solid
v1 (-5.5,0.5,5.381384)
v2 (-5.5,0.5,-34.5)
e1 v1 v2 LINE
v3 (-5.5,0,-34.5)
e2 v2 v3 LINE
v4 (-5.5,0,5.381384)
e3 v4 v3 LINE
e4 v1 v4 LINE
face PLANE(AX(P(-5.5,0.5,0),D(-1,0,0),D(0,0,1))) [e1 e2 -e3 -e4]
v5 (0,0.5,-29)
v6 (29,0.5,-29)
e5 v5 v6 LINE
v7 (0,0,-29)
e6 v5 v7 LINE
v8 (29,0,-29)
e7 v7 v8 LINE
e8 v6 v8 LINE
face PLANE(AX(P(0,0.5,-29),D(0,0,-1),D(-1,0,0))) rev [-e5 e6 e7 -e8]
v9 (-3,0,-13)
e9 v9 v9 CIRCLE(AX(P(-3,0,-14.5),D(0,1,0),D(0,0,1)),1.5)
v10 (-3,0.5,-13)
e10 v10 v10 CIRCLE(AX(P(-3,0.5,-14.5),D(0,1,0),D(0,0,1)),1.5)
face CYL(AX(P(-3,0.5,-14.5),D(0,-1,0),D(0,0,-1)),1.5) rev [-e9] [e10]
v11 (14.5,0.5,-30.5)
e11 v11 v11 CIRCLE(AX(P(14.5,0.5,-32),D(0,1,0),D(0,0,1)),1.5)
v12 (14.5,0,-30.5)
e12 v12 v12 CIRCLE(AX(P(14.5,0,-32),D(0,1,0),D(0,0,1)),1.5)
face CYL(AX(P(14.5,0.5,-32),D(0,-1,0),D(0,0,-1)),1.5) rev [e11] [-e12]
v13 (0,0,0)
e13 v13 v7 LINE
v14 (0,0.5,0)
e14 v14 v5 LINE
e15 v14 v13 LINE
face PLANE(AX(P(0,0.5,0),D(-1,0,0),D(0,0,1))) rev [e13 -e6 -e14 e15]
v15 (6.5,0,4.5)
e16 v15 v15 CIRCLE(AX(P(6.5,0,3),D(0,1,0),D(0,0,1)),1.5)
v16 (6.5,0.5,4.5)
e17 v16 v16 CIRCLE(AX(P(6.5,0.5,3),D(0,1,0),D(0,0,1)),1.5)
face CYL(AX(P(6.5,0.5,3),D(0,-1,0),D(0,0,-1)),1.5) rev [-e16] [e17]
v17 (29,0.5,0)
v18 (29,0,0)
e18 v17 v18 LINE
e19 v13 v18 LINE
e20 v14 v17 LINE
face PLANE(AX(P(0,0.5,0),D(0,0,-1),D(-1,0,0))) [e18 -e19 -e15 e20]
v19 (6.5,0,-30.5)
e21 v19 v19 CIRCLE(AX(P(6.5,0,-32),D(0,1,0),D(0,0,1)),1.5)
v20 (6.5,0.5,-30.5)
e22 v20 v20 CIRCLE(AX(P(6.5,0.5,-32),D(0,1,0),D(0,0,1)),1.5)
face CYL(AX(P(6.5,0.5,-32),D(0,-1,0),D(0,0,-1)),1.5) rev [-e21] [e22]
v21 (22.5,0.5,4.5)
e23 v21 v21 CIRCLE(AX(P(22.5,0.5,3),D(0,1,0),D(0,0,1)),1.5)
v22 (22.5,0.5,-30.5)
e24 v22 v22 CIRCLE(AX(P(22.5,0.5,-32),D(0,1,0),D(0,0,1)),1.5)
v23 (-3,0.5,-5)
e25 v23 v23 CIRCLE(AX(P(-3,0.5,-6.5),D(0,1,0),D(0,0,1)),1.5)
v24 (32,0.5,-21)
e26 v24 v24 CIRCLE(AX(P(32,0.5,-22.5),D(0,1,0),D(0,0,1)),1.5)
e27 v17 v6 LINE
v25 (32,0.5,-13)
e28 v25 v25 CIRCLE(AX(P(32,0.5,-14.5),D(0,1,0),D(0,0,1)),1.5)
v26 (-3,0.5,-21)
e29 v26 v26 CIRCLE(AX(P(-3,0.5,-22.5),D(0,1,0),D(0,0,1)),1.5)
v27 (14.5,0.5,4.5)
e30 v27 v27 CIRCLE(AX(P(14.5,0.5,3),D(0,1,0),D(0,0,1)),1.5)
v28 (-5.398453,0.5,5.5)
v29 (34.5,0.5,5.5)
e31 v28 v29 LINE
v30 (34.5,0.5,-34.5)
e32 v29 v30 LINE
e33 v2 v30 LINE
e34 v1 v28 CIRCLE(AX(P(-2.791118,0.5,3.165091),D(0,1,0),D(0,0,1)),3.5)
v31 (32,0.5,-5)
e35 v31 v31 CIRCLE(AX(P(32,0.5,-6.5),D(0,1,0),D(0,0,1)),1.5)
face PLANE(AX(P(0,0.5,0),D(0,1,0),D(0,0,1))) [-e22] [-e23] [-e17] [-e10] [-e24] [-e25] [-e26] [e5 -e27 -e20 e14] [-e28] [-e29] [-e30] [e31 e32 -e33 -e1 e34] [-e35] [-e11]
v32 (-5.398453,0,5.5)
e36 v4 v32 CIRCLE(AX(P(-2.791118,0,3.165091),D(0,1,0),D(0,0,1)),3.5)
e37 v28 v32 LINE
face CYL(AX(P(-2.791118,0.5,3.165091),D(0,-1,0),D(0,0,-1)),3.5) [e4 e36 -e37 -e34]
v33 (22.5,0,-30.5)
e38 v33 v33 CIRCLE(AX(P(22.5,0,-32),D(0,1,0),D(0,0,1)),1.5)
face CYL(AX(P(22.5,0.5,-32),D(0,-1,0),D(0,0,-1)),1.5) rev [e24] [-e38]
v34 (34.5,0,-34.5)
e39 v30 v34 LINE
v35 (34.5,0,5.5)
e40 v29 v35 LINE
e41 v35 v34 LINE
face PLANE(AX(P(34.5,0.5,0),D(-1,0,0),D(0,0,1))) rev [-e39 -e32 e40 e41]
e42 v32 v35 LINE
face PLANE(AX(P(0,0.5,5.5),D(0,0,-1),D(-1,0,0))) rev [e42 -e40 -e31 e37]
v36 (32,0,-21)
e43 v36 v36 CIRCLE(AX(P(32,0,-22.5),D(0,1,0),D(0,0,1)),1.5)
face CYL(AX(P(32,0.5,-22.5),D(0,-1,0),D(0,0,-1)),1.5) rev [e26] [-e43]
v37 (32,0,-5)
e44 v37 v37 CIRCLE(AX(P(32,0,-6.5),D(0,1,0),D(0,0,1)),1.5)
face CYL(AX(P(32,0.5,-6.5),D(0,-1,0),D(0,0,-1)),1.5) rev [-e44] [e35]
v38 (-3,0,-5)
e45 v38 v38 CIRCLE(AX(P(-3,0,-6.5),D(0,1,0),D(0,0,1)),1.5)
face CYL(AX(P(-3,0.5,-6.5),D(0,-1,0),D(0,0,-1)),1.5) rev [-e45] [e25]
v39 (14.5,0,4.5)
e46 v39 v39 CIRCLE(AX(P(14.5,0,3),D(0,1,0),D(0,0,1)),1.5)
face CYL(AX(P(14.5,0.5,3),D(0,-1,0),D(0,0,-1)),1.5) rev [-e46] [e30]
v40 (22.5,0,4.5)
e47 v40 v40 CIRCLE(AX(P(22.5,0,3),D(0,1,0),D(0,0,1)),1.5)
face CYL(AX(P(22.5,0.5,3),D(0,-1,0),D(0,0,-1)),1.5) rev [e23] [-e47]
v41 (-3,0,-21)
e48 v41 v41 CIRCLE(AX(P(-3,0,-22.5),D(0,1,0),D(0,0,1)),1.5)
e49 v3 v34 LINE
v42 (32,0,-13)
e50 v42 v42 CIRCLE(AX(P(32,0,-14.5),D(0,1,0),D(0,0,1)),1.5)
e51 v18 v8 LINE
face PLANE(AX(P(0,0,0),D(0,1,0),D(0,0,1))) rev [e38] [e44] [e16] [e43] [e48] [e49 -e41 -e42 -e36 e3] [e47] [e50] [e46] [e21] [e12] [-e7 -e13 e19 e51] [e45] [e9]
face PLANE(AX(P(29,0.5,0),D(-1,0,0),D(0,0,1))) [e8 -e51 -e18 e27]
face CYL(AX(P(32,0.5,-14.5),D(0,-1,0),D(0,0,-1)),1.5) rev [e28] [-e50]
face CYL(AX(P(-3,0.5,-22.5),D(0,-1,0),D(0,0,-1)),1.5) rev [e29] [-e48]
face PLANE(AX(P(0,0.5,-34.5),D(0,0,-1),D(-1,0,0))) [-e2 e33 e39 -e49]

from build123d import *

# Parameters (mm, degrees)
CROQUIS1_R              = 1.5
CROQUIS1_W              = 29
CROQUIS1_H              = 29
SALIENTE_EXTRUIR1_DEPTH = 0.5


with BuildPart() as part:
    # Croquis1 → Saliente-Extruir1 (new body)
    with BuildSketch(Plane(origin=(0, 0, 0), x_dir=(1, 0, 0), z_dir=(0, 1, 0))):
        with BuildLine():
            ThreePointArc((-5.5, -5.381384118), (-5.449888151, -5.441258419), (-5.398453182, -5.5))
            Line((-5.398453182, -5.5), (34.5, -5.5))
            Line((34.5, -5.5), (34.5, 34.5))
            Line((34.5, 34.5), (-5.5, 34.5))
            Line((-5.5, 34.5), (-5.5, -5.381384118))
        make_face()
        with Locations(Location((6.5, -3, 0), (0, 0, 270))):
            Circle(CROQUIS1_R, mode=Mode.SUBTRACT)
        with Locations(Location((-3, 6.5, 0), (0, 0, 270))):
            Circle(CROQUIS1_R, mode=Mode.SUBTRACT)
        with Locations((14.5, 14.5)):
            Rectangle(CROQUIS1_W, CROQUIS1_H, mode=Mode.SUBTRACT)
        with Locations(Location((14.5, -3, 0), (0, 0, 270))):
            Circle(CROQUIS1_R, mode=Mode.SUBTRACT)
        with Locations(Location((22.5, -3, 0), (0, 0, 270))):
            Circle(CROQUIS1_R, mode=Mode.SUBTRACT)
        with Locations(Location((32, 6.5, 0), (0, 0, 270))):
            Circle(CROQUIS1_R, mode=Mode.SUBTRACT)
        with Locations(Location((32, 14.5, 0), (0, 0, 270))):
            Circle(CROQUIS1_R, mode=Mode.SUBTRACT)
        with Locations(Location((-3, 14.5, 0), (0, 0, 270))):
            Circle(CROQUIS1_R, mode=Mode.SUBTRACT)
        with Locations(Location((-3, 22.5, 0), (0, 0, 270))):
            Circle(CROQUIS1_R, mode=Mode.SUBTRACT)
        with Locations(Location((6.5, 32, 0), (0, 0, 270))):
            Circle(CROQUIS1_R, mode=Mode.SUBTRACT)
        with Locations(Location((32, 22.5, 0), (0, 0, 270))):
            Circle(CROQUIS1_R, mode=Mode.SUBTRACT)
        with Locations(Location((14.5, 32, 0), (0, 0, 270))):
            Circle(CROQUIS1_R, mode=Mode.SUBTRACT)
        with Locations(Location((22.5, 32, 0), (0, 0, 270))):
            Circle(CROQUIS1_R, mode=Mode.SUBTRACT)
    extrude(amount=SALIENTE_EXTRUIR1_DEPTH)


solid = part.part
